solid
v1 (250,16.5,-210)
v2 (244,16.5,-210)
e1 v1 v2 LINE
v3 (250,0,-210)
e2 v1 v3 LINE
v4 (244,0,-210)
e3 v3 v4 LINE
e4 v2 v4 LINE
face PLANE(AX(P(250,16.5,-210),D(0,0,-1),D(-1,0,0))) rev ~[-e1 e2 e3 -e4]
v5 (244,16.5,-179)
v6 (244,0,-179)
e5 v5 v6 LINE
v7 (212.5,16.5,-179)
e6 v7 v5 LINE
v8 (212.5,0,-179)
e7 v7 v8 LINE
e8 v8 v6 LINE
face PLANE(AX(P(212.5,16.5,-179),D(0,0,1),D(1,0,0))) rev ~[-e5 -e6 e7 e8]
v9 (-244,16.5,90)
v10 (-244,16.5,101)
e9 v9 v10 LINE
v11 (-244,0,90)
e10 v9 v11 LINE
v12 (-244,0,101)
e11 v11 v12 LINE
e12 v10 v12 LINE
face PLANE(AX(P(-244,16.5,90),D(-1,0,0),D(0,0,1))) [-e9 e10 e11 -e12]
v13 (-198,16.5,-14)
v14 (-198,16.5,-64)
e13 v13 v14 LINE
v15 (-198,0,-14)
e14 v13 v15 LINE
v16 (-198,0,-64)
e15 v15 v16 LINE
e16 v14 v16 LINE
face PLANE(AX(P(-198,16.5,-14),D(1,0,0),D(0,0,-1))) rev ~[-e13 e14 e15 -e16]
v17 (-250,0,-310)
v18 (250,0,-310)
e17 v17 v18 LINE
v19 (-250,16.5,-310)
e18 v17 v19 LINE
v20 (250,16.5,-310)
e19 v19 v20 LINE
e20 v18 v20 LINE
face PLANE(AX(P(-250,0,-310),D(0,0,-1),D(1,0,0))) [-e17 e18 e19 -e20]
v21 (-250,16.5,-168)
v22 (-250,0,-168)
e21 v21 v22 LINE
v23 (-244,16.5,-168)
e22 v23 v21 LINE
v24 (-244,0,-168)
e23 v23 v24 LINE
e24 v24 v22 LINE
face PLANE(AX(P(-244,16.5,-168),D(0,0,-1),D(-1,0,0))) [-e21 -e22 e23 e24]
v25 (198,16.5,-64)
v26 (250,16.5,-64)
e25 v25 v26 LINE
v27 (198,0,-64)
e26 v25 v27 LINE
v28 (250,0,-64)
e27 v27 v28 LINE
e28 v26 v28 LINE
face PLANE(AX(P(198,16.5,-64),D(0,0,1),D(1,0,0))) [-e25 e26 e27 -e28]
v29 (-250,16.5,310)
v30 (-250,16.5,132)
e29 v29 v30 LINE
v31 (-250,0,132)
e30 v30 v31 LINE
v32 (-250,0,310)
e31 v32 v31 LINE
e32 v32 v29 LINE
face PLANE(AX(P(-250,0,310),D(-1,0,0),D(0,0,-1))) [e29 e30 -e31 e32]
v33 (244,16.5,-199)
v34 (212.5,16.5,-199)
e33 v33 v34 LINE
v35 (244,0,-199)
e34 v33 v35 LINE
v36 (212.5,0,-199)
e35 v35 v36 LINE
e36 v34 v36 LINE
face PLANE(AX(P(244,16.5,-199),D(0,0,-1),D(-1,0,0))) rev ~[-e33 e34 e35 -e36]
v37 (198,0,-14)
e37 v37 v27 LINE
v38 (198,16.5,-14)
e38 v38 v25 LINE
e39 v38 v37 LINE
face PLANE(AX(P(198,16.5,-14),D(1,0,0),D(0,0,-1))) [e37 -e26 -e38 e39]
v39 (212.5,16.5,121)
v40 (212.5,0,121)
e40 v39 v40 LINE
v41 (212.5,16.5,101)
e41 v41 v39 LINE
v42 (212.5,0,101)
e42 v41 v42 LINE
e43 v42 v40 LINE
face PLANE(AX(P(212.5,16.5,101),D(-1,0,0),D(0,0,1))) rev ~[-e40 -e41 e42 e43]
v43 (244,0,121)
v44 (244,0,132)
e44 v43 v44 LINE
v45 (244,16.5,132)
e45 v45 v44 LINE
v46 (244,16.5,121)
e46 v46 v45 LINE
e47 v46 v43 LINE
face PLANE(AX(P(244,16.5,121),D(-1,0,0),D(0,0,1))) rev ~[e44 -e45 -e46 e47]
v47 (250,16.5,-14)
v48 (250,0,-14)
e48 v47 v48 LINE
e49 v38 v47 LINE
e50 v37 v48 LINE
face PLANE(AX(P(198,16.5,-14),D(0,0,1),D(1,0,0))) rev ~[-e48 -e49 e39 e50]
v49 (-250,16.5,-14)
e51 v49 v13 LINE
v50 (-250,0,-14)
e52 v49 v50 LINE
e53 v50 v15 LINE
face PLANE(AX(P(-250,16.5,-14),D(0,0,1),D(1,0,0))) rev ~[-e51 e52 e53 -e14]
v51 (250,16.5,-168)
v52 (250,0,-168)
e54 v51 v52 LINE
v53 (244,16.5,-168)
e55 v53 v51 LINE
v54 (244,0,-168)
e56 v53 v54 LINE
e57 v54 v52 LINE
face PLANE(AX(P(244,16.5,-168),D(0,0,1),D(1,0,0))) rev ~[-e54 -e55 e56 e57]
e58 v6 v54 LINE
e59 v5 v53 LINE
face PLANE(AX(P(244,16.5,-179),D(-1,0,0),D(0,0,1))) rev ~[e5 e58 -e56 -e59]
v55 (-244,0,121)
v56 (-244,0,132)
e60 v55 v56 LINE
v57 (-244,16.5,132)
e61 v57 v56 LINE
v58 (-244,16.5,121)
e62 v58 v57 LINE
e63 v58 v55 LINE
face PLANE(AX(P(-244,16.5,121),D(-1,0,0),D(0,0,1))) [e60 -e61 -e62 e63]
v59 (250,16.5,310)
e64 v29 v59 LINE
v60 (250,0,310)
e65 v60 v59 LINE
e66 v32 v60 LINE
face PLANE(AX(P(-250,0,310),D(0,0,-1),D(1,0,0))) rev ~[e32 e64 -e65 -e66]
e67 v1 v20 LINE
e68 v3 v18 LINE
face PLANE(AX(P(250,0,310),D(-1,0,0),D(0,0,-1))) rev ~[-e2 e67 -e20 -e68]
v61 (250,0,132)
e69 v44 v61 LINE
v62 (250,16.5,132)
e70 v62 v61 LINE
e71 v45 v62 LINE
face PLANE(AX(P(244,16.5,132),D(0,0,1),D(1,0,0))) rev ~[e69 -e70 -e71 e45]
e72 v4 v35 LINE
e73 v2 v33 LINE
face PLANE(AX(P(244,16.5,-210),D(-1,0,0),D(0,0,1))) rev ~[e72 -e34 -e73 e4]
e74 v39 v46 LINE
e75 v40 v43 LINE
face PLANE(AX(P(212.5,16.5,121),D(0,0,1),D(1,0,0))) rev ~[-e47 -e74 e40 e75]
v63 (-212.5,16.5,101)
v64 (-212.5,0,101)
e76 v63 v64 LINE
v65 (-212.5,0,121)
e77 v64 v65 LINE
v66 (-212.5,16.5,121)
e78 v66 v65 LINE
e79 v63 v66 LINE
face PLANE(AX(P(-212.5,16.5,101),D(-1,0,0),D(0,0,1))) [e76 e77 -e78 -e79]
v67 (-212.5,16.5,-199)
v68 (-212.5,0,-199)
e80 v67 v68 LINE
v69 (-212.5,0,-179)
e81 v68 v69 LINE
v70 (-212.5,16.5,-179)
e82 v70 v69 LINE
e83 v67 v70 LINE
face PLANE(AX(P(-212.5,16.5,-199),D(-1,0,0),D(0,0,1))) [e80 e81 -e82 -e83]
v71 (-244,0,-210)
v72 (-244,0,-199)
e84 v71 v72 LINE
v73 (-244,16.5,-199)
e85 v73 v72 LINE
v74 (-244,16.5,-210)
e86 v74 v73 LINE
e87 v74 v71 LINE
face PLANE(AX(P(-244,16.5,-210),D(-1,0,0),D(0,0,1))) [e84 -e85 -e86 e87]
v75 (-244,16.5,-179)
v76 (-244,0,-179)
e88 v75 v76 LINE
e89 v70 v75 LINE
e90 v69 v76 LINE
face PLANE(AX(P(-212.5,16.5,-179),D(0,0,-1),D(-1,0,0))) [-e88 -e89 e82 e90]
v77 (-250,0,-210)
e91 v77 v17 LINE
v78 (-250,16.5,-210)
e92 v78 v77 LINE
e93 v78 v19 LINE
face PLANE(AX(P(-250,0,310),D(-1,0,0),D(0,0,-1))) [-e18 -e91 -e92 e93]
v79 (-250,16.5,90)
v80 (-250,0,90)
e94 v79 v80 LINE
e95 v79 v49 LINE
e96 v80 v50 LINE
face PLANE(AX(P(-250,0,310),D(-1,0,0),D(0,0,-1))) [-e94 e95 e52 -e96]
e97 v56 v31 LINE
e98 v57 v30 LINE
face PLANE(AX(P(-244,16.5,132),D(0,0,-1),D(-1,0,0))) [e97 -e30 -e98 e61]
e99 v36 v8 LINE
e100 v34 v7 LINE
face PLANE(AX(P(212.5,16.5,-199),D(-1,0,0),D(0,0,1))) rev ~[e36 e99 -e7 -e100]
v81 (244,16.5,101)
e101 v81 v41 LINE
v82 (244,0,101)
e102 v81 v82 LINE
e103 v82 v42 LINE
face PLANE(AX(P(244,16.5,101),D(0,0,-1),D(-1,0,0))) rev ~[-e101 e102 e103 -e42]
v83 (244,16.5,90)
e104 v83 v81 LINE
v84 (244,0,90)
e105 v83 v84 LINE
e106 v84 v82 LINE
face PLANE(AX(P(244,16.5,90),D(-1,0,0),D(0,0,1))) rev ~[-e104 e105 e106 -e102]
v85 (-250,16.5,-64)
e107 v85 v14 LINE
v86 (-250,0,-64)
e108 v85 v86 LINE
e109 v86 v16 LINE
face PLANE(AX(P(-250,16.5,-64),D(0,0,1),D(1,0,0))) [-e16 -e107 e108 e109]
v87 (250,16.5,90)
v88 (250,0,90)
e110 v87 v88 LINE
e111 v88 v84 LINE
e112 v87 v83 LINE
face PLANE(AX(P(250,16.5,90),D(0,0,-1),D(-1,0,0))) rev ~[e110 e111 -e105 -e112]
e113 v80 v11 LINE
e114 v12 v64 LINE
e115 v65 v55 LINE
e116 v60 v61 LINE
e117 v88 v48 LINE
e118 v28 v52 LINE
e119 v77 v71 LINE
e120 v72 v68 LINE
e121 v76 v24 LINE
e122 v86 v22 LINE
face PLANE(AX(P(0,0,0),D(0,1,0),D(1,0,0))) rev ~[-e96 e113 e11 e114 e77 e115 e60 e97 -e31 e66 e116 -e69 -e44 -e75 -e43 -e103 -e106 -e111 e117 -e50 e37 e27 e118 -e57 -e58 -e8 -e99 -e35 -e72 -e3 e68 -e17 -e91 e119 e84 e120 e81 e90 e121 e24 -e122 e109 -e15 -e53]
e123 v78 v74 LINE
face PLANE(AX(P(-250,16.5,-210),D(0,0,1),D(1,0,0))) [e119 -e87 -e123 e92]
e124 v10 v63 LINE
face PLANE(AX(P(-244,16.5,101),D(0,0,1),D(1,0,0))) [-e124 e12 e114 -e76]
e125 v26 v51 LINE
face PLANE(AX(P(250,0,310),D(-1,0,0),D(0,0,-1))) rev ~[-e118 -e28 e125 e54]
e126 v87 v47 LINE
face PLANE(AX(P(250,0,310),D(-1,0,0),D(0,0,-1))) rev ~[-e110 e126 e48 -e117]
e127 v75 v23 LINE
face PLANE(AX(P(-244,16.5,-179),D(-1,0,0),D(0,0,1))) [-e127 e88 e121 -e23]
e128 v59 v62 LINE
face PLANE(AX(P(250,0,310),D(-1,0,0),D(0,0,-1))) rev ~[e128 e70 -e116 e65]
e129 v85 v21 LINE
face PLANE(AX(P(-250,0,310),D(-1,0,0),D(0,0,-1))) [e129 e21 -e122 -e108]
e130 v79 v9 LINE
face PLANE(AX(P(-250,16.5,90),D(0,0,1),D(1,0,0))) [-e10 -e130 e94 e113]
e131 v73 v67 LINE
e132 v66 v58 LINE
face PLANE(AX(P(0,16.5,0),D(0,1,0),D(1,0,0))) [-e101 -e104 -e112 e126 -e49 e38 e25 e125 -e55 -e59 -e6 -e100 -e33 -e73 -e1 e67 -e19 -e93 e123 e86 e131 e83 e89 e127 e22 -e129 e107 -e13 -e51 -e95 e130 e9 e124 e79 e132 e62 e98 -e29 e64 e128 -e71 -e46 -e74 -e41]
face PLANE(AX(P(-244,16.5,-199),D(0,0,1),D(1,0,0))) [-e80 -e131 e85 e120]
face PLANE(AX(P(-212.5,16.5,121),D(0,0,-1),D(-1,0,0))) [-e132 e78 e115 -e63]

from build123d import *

# Parameters (mm, degrees)
SKETCH1_W           = 500
SKETCH1_H           = 620
BOSS_EXTRUDE1_DEPTH = 16.5
SKETCH2_W           = 52
SKETCH2_H           = 50
CUT_EXTRUDE1_DEPTH  = 17.5


with BuildPart() as part:
    # Sketch1 → Boss-Extrude1 (new body)
    with BuildSketch(Plane(origin=(0, 0, 0), x_dir=(1, 0, 0), z_dir=(0, 1, 0))):
        Rectangle(SKETCH1_W, SKETCH1_H)
    extrude(amount=BOSS_EXTRUDE1_DEPTH)

    # Sketch2 → Cut-Extrude1 (cut, through all)
    with BuildSketch(Plane(origin=(0, 16.5, 0), x_dir=(1, 0, 0), z_dir=(0, 1, 0))):
        with Locations((-224, 39)):
            Rectangle(SKETCH2_W, SKETCH2_H)
        with Locations((224, 39)):
            Rectangle(SKETCH2_W, SKETCH2_H)
        Polygon((-250, 210), (-244, 210), (-244, 199), (-212.5, 199), (-212.5, 179), (-244, 179), (-244, 168), (-250, 168), align=None)
        Polygon((212.5, 199), (212.5, 179), (244, 179), (244, 168), (250, 168), (250, 210), (244, 210), (244, 199), align=None)
        Polygon((212.5, -101), (212.5, -121), (244, -121), (244, -132), (250, -132), (250, -90), (244, -90), (244, -101), align=None)
        Polygon((-250, -90), (-244, -90), (-244, -101), (-212.5, -101), (-212.5, -121), (-244, -121), (-244, -132), (-250, -132), align=None)
    extrude(amount=-CUT_EXTRUDE1_DEPTH, mode=Mode.SUBTRACT)


solid = part.part
